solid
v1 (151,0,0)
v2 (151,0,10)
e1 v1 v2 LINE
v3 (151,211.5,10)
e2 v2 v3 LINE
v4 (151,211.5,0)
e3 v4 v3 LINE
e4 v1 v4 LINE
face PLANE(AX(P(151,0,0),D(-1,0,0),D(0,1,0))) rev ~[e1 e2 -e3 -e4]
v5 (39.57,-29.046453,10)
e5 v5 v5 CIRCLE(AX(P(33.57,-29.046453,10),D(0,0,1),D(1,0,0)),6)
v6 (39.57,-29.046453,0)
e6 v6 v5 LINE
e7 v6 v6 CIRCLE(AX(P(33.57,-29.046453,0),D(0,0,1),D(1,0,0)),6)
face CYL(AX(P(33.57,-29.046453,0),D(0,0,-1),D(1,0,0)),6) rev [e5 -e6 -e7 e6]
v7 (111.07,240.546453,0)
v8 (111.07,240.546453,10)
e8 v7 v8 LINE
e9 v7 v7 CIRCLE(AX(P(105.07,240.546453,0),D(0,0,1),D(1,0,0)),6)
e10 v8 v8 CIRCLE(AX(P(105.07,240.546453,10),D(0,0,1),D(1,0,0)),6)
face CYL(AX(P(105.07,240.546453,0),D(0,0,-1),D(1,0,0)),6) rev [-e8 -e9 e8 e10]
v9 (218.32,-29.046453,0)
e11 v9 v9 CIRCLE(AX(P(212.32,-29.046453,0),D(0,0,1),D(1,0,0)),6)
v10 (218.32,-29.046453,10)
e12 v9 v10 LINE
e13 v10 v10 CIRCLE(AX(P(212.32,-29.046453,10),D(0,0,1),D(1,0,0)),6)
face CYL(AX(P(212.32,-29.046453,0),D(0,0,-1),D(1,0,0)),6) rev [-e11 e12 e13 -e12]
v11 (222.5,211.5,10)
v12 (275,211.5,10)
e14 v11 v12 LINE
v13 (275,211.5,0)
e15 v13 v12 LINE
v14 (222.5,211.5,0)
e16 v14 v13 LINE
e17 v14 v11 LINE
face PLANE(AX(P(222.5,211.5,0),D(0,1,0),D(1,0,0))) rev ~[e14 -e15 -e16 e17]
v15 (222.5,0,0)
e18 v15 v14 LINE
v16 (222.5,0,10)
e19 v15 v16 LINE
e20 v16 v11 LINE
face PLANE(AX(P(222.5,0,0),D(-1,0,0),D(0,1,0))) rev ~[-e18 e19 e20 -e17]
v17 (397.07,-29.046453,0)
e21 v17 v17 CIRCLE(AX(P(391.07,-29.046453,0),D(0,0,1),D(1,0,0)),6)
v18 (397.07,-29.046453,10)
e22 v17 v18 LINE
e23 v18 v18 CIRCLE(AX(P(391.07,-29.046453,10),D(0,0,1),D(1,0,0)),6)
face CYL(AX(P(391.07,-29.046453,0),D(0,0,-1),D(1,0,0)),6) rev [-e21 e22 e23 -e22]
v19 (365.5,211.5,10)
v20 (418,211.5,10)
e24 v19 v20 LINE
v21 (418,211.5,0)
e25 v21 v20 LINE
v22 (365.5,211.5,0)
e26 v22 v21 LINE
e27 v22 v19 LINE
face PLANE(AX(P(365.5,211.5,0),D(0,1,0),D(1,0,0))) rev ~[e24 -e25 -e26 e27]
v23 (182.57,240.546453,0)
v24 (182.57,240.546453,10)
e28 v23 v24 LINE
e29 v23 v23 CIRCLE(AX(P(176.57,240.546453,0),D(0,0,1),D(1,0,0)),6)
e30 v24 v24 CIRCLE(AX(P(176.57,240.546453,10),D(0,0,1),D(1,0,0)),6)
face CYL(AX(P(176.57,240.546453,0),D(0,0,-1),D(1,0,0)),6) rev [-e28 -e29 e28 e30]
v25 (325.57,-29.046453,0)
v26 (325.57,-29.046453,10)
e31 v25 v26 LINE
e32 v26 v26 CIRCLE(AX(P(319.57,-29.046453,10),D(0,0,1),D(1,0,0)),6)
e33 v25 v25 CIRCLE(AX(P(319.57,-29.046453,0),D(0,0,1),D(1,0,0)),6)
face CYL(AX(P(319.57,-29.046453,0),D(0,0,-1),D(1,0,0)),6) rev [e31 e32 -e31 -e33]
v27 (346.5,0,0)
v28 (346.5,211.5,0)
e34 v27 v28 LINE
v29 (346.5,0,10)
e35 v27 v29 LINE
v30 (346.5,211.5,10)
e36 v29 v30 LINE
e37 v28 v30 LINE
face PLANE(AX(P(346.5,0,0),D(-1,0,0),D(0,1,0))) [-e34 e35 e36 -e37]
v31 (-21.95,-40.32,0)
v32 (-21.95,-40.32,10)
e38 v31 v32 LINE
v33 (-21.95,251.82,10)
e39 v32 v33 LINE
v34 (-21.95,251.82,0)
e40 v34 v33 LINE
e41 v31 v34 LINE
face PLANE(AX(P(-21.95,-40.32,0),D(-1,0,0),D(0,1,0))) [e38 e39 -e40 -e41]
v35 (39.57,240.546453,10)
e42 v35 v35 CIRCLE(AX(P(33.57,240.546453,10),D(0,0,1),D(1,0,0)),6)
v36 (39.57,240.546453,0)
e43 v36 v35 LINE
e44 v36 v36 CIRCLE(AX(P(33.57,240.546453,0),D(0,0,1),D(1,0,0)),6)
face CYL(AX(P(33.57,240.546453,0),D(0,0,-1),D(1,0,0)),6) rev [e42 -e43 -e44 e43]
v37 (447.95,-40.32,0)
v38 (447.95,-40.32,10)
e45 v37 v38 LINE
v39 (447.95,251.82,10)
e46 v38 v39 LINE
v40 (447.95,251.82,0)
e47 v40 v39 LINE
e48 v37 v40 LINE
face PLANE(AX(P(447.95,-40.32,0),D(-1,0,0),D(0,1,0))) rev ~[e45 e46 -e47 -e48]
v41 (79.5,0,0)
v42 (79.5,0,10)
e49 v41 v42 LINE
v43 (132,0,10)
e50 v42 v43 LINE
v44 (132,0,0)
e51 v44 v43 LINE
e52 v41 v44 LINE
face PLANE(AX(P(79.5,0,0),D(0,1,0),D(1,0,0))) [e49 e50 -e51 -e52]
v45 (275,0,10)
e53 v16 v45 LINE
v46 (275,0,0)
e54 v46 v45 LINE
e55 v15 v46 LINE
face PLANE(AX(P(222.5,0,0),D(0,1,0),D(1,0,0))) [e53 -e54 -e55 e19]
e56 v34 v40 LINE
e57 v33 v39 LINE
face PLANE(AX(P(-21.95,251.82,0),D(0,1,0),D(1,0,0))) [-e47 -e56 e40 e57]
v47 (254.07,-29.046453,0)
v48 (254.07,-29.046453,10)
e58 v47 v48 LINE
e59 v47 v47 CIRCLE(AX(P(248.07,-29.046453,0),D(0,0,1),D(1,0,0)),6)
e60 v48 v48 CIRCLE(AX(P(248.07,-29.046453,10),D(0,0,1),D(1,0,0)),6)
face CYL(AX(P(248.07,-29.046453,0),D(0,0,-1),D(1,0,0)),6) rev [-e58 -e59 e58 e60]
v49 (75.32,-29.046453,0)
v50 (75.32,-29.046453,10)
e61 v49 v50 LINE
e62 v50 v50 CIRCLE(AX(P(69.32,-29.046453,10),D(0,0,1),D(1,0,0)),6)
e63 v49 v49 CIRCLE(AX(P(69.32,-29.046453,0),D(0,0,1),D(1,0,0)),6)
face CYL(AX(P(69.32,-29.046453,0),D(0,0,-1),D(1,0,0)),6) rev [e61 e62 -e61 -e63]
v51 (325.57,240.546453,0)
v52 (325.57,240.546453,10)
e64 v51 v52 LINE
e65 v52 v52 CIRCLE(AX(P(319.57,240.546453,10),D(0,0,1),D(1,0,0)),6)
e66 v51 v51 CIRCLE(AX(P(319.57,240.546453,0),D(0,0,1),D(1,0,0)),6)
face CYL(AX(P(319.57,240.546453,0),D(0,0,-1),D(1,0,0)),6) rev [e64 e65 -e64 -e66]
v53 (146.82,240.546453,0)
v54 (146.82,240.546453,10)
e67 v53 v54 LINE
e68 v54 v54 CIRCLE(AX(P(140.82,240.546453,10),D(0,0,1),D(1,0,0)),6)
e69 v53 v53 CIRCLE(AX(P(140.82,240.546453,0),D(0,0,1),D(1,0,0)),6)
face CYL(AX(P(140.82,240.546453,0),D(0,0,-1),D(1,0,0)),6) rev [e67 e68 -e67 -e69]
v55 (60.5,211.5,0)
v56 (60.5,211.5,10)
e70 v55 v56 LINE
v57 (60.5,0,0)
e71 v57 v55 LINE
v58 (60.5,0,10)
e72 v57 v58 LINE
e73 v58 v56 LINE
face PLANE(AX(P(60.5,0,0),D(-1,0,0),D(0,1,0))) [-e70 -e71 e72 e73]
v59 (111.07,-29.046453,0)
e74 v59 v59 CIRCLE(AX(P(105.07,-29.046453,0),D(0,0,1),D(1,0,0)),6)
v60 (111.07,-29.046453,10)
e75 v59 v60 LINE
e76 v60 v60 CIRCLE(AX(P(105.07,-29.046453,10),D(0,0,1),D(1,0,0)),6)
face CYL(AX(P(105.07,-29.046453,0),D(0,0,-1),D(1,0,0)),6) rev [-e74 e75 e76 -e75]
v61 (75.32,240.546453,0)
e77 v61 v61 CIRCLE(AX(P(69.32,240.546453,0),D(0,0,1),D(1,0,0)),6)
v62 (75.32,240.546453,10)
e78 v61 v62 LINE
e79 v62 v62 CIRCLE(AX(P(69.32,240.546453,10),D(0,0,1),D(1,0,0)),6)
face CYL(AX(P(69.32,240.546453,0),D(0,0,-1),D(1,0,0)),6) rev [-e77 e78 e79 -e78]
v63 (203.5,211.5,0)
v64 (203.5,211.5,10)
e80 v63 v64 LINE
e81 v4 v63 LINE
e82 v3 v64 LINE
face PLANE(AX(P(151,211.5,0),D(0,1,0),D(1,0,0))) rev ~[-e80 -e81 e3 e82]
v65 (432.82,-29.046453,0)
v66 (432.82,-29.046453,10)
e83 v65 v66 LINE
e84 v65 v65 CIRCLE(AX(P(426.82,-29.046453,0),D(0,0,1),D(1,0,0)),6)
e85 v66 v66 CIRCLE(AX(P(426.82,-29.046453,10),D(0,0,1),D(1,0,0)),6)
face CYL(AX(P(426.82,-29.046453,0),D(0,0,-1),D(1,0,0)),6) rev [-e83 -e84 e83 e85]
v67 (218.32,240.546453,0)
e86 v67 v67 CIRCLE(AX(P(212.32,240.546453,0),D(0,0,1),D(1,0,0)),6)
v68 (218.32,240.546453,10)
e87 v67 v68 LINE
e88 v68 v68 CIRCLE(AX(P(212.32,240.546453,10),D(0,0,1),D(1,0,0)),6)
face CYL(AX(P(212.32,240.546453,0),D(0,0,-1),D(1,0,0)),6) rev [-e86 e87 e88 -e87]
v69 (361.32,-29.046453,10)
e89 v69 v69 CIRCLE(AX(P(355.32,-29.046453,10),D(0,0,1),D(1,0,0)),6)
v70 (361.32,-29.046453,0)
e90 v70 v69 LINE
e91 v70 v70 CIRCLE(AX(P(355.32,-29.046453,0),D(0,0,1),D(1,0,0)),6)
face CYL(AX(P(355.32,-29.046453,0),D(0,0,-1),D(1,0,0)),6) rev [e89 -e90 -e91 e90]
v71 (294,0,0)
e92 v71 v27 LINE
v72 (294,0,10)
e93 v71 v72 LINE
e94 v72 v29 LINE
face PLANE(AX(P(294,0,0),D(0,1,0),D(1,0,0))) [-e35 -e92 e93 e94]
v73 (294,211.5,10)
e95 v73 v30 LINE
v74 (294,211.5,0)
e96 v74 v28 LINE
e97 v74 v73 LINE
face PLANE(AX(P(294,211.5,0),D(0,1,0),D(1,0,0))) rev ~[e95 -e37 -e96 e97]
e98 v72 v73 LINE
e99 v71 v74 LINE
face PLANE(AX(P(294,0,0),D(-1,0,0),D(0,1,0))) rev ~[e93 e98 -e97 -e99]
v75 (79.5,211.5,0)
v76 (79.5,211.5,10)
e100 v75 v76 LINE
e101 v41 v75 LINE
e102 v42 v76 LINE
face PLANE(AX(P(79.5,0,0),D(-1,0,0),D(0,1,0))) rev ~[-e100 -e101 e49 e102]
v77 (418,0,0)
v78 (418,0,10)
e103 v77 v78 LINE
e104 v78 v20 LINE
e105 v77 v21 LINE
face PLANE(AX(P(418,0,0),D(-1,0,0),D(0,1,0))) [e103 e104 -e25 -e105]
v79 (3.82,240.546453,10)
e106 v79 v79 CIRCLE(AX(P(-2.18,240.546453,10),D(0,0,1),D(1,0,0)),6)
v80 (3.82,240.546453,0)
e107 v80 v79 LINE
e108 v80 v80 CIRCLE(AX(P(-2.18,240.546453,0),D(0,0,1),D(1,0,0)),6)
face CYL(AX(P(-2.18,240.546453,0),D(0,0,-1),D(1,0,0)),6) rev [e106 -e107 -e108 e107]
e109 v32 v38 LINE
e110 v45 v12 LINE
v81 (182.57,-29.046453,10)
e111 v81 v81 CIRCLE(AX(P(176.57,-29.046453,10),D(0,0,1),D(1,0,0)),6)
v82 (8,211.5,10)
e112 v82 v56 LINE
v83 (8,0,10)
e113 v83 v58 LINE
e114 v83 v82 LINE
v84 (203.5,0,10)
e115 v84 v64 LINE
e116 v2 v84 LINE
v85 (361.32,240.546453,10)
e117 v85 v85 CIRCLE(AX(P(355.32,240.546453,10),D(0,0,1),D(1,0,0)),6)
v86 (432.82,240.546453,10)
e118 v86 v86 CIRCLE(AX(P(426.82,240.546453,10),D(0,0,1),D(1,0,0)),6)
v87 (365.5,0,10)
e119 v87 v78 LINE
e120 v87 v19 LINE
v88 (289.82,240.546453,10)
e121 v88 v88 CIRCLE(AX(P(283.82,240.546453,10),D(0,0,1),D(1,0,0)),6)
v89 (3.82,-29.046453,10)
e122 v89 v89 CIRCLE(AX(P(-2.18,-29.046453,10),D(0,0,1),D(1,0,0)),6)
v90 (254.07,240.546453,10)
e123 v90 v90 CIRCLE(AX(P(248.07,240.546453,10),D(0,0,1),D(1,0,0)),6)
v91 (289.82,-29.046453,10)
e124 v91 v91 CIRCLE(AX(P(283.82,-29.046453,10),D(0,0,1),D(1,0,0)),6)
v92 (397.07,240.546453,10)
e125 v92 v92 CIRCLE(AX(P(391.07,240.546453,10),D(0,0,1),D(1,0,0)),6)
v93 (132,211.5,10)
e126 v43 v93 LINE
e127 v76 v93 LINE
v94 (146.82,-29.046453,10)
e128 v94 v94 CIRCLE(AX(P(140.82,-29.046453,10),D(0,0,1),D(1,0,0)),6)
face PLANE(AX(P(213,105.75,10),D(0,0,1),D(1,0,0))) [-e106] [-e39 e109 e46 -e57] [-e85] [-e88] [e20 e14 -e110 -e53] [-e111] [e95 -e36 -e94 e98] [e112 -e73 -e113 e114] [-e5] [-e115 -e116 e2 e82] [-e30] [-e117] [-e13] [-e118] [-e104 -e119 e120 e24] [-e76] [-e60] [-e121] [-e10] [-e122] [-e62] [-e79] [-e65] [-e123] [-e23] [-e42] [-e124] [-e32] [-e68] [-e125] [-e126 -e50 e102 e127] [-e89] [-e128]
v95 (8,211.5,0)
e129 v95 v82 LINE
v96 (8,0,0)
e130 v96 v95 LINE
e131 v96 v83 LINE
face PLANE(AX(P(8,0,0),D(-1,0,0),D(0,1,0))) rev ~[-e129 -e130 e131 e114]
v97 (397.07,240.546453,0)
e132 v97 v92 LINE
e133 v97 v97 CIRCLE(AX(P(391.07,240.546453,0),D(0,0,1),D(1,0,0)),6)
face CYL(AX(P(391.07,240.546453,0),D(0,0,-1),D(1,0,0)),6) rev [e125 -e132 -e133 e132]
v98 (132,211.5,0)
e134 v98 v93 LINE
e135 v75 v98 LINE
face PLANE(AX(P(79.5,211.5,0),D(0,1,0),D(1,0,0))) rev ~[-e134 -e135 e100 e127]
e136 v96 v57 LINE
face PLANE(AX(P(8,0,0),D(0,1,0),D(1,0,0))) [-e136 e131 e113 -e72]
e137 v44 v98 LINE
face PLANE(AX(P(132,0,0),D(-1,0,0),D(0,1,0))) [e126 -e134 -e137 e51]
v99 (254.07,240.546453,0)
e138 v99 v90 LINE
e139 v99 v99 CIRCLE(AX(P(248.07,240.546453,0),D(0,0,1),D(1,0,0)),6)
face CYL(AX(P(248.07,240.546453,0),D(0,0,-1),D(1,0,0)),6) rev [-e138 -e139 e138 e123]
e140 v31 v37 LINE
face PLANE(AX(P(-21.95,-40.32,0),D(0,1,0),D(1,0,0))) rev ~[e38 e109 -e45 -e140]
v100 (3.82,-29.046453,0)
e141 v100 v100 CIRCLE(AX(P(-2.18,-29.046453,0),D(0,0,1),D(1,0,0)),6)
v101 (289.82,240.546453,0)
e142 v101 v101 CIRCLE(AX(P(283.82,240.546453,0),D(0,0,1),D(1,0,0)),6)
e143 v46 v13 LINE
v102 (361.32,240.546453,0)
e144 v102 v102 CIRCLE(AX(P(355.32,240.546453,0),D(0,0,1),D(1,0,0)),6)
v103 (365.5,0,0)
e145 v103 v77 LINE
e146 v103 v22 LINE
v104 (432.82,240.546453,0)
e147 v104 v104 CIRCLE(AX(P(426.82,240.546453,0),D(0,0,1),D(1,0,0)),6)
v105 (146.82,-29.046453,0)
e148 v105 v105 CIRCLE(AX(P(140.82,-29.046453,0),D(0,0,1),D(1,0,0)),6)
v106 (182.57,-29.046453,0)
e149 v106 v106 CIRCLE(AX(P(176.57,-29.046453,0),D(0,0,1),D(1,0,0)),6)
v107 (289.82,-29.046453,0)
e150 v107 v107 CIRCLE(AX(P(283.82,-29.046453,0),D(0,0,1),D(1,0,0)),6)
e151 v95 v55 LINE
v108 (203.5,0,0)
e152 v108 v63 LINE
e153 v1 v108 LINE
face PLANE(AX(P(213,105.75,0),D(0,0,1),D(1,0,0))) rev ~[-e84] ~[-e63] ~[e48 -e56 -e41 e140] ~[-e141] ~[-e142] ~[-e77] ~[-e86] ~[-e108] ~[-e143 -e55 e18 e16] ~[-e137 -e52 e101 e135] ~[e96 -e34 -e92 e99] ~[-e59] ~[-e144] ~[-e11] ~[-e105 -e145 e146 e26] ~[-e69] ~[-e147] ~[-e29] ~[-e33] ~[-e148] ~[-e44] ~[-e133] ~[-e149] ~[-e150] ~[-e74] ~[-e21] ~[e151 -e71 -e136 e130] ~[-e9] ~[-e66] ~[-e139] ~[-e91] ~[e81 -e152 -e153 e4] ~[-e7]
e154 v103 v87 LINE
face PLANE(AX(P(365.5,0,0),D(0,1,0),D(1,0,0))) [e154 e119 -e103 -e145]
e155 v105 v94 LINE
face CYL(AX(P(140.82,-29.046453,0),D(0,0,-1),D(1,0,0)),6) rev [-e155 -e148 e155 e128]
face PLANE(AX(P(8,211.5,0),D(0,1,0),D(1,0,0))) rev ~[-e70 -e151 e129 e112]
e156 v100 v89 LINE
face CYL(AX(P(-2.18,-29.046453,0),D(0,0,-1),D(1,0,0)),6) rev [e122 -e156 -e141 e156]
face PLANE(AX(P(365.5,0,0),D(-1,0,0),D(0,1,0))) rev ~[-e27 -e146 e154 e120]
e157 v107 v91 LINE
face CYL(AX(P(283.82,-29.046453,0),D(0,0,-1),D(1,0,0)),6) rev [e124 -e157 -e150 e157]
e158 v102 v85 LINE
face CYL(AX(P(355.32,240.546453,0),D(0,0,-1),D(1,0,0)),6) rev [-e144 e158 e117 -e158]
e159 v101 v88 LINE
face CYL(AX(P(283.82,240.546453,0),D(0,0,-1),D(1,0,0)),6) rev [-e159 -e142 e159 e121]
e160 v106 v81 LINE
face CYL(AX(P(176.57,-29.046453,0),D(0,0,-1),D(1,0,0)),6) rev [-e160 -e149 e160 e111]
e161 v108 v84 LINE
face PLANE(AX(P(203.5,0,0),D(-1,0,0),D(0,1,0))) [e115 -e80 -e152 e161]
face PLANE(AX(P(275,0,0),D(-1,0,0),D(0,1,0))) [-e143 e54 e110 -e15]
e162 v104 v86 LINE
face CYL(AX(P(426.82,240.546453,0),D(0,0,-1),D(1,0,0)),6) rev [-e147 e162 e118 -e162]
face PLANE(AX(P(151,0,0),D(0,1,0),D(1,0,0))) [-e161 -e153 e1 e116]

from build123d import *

# Parameters (mm, degrees)
SKETCH1_W           = 469.9
SKETCH1_H           = 292.14
SKETCH1_R           = 6
SKETCH1_W_2         = 52.5
SKETCH1_H_2         = 211.5
BOSS_EXTRUDE1_DEPTH = 10


with BuildPart() as part:
    # Sketch1 → Boss-Extrude1 (new body)
    with BuildSketch(Plane.XY):
        with Locations((213, 105.75)):
            Rectangle(SKETCH1_W, SKETCH1_H)
        with Locations((33.57, -29.046453277)):
            Circle(SKETCH1_R, mode=Mode.SUBTRACT)
        with Locations((69.32, -29.046453277)):
            Circle(SKETCH1_R, mode=Mode.SUBTRACT)
        with Locations((105.07, -29.046453277)):
            Circle(SKETCH1_R, mode=Mode.SUBTRACT)
        with Locations((140.82, -29.046453277)):
            Circle(SKETCH1_R, mode=Mode.SUBTRACT)
        with Locations((176.57, -29.046453277)):
            Circle(SKETCH1_R, mode=Mode.SUBTRACT)
        with Locations((212.32, -29.046453277)):
            Circle(SKETCH1_R, mode=Mode.SUBTRACT)
        with Locations((248.07, -29.046453277)):
            Circle(SKETCH1_R, mode=Mode.SUBTRACT)
        with Locations((283.82, -29.046453277)):
            Circle(SKETCH1_R, mode=Mode.SUBTRACT)
        with Locations((319.57, -29.046453277)):
            Circle(SKETCH1_R, mode=Mode.SUBTRACT)
        with Locations((355.32, -29.046453277)):
            Circle(SKETCH1_R, mode=Mode.SUBTRACT)
        with Locations((391.07, -29.046453277)):
            Circle(SKETCH1_R, mode=Mode.SUBTRACT)
        with Locations((426.82, -29.046453277)):
            Circle(SKETCH1_R, mode=Mode.SUBTRACT)
        with Locations((-2.18, 240.546453277)):
            Circle(SKETCH1_R, mode=Mode.SUBTRACT)
        with Locations((33.57, 240.546453277)):
            Circle(SKETCH1_R, mode=Mode.SUBTRACT)
        with Locations((69.32, 240.546453277)):
            Circle(SKETCH1_R, mode=Mode.SUBTRACT)
        with Locations((105.07, 240.546453277)):
            Circle(SKETCH1_R, mode=Mode.SUBTRACT)
        with Locations((140.82, 240.546453277)):
            Circle(SKETCH1_R, mode=Mode.SUBTRACT)
        with Locations((176.57, 240.546453277)):
            Circle(SKETCH1_R, mode=Mode.SUBTRACT)
        with Locations((212.32, 240.546453277)):
            Circle(SKETCH1_R, mode=Mode.SUBTRACT)
        with Locations((-2.18, -29.046453277)):
            Circle(SKETCH1_R, mode=Mode.SUBTRACT)
        with Locations((248.07, 240.546453277)):
            Circle(SKETCH1_R, mode=Mode.SUBTRACT)
        with Locations((283.82, 240.546453277)):
            Circle(SKETCH1_R, mode=Mode.SUBTRACT)
        with Locations((319.57, 240.546453277)):
            Circle(SKETCH1_R, mode=Mode.SUBTRACT)
        with Locations((355.32, 240.546453277)):
            Circle(SKETCH1_R, mode=Mode.SUBTRACT)
        with Locations((391.07, 240.546453277)):
            Circle(SKETCH1_R, mode=Mode.SUBTRACT)
        with Locations((426.82, 240.546453277)):
            Circle(SKETCH1_R, mode=Mode.SUBTRACT)
        with Locations((34.25, 105.75)):
            Rectangle(SKETCH1_W_2, SKETCH1_H_2, mode=Mode.SUBTRACT)
        with Locations((105.75, 105.75)):
            Rectangle(SKETCH1_W_2, SKETCH1_H_2, mode=Mode.SUBTRACT)
        with Locations((177.25, 105.75)):
            Rectangle(SKETCH1_W_2, SKETCH1_H_2, mode=Mode.SUBTRACT)
        with Locations((248.75, 105.75)):
            Rectangle(SKETCH1_W_2, SKETCH1_H_2, mode=Mode.SUBTRACT)
        with Locations((320.25, 105.75)):
            Rectangle(SKETCH1_W_2, SKETCH1_H_2, mode=Mode.SUBTRACT)
        with Locations((391.75, 105.75)):
            Rectangle(SKETCH1_W_2, SKETCH1_H_2, mode=Mode.SUBTRACT)
    extrude(amount=BOSS_EXTRUDE1_DEPTH)


solid = part.part
